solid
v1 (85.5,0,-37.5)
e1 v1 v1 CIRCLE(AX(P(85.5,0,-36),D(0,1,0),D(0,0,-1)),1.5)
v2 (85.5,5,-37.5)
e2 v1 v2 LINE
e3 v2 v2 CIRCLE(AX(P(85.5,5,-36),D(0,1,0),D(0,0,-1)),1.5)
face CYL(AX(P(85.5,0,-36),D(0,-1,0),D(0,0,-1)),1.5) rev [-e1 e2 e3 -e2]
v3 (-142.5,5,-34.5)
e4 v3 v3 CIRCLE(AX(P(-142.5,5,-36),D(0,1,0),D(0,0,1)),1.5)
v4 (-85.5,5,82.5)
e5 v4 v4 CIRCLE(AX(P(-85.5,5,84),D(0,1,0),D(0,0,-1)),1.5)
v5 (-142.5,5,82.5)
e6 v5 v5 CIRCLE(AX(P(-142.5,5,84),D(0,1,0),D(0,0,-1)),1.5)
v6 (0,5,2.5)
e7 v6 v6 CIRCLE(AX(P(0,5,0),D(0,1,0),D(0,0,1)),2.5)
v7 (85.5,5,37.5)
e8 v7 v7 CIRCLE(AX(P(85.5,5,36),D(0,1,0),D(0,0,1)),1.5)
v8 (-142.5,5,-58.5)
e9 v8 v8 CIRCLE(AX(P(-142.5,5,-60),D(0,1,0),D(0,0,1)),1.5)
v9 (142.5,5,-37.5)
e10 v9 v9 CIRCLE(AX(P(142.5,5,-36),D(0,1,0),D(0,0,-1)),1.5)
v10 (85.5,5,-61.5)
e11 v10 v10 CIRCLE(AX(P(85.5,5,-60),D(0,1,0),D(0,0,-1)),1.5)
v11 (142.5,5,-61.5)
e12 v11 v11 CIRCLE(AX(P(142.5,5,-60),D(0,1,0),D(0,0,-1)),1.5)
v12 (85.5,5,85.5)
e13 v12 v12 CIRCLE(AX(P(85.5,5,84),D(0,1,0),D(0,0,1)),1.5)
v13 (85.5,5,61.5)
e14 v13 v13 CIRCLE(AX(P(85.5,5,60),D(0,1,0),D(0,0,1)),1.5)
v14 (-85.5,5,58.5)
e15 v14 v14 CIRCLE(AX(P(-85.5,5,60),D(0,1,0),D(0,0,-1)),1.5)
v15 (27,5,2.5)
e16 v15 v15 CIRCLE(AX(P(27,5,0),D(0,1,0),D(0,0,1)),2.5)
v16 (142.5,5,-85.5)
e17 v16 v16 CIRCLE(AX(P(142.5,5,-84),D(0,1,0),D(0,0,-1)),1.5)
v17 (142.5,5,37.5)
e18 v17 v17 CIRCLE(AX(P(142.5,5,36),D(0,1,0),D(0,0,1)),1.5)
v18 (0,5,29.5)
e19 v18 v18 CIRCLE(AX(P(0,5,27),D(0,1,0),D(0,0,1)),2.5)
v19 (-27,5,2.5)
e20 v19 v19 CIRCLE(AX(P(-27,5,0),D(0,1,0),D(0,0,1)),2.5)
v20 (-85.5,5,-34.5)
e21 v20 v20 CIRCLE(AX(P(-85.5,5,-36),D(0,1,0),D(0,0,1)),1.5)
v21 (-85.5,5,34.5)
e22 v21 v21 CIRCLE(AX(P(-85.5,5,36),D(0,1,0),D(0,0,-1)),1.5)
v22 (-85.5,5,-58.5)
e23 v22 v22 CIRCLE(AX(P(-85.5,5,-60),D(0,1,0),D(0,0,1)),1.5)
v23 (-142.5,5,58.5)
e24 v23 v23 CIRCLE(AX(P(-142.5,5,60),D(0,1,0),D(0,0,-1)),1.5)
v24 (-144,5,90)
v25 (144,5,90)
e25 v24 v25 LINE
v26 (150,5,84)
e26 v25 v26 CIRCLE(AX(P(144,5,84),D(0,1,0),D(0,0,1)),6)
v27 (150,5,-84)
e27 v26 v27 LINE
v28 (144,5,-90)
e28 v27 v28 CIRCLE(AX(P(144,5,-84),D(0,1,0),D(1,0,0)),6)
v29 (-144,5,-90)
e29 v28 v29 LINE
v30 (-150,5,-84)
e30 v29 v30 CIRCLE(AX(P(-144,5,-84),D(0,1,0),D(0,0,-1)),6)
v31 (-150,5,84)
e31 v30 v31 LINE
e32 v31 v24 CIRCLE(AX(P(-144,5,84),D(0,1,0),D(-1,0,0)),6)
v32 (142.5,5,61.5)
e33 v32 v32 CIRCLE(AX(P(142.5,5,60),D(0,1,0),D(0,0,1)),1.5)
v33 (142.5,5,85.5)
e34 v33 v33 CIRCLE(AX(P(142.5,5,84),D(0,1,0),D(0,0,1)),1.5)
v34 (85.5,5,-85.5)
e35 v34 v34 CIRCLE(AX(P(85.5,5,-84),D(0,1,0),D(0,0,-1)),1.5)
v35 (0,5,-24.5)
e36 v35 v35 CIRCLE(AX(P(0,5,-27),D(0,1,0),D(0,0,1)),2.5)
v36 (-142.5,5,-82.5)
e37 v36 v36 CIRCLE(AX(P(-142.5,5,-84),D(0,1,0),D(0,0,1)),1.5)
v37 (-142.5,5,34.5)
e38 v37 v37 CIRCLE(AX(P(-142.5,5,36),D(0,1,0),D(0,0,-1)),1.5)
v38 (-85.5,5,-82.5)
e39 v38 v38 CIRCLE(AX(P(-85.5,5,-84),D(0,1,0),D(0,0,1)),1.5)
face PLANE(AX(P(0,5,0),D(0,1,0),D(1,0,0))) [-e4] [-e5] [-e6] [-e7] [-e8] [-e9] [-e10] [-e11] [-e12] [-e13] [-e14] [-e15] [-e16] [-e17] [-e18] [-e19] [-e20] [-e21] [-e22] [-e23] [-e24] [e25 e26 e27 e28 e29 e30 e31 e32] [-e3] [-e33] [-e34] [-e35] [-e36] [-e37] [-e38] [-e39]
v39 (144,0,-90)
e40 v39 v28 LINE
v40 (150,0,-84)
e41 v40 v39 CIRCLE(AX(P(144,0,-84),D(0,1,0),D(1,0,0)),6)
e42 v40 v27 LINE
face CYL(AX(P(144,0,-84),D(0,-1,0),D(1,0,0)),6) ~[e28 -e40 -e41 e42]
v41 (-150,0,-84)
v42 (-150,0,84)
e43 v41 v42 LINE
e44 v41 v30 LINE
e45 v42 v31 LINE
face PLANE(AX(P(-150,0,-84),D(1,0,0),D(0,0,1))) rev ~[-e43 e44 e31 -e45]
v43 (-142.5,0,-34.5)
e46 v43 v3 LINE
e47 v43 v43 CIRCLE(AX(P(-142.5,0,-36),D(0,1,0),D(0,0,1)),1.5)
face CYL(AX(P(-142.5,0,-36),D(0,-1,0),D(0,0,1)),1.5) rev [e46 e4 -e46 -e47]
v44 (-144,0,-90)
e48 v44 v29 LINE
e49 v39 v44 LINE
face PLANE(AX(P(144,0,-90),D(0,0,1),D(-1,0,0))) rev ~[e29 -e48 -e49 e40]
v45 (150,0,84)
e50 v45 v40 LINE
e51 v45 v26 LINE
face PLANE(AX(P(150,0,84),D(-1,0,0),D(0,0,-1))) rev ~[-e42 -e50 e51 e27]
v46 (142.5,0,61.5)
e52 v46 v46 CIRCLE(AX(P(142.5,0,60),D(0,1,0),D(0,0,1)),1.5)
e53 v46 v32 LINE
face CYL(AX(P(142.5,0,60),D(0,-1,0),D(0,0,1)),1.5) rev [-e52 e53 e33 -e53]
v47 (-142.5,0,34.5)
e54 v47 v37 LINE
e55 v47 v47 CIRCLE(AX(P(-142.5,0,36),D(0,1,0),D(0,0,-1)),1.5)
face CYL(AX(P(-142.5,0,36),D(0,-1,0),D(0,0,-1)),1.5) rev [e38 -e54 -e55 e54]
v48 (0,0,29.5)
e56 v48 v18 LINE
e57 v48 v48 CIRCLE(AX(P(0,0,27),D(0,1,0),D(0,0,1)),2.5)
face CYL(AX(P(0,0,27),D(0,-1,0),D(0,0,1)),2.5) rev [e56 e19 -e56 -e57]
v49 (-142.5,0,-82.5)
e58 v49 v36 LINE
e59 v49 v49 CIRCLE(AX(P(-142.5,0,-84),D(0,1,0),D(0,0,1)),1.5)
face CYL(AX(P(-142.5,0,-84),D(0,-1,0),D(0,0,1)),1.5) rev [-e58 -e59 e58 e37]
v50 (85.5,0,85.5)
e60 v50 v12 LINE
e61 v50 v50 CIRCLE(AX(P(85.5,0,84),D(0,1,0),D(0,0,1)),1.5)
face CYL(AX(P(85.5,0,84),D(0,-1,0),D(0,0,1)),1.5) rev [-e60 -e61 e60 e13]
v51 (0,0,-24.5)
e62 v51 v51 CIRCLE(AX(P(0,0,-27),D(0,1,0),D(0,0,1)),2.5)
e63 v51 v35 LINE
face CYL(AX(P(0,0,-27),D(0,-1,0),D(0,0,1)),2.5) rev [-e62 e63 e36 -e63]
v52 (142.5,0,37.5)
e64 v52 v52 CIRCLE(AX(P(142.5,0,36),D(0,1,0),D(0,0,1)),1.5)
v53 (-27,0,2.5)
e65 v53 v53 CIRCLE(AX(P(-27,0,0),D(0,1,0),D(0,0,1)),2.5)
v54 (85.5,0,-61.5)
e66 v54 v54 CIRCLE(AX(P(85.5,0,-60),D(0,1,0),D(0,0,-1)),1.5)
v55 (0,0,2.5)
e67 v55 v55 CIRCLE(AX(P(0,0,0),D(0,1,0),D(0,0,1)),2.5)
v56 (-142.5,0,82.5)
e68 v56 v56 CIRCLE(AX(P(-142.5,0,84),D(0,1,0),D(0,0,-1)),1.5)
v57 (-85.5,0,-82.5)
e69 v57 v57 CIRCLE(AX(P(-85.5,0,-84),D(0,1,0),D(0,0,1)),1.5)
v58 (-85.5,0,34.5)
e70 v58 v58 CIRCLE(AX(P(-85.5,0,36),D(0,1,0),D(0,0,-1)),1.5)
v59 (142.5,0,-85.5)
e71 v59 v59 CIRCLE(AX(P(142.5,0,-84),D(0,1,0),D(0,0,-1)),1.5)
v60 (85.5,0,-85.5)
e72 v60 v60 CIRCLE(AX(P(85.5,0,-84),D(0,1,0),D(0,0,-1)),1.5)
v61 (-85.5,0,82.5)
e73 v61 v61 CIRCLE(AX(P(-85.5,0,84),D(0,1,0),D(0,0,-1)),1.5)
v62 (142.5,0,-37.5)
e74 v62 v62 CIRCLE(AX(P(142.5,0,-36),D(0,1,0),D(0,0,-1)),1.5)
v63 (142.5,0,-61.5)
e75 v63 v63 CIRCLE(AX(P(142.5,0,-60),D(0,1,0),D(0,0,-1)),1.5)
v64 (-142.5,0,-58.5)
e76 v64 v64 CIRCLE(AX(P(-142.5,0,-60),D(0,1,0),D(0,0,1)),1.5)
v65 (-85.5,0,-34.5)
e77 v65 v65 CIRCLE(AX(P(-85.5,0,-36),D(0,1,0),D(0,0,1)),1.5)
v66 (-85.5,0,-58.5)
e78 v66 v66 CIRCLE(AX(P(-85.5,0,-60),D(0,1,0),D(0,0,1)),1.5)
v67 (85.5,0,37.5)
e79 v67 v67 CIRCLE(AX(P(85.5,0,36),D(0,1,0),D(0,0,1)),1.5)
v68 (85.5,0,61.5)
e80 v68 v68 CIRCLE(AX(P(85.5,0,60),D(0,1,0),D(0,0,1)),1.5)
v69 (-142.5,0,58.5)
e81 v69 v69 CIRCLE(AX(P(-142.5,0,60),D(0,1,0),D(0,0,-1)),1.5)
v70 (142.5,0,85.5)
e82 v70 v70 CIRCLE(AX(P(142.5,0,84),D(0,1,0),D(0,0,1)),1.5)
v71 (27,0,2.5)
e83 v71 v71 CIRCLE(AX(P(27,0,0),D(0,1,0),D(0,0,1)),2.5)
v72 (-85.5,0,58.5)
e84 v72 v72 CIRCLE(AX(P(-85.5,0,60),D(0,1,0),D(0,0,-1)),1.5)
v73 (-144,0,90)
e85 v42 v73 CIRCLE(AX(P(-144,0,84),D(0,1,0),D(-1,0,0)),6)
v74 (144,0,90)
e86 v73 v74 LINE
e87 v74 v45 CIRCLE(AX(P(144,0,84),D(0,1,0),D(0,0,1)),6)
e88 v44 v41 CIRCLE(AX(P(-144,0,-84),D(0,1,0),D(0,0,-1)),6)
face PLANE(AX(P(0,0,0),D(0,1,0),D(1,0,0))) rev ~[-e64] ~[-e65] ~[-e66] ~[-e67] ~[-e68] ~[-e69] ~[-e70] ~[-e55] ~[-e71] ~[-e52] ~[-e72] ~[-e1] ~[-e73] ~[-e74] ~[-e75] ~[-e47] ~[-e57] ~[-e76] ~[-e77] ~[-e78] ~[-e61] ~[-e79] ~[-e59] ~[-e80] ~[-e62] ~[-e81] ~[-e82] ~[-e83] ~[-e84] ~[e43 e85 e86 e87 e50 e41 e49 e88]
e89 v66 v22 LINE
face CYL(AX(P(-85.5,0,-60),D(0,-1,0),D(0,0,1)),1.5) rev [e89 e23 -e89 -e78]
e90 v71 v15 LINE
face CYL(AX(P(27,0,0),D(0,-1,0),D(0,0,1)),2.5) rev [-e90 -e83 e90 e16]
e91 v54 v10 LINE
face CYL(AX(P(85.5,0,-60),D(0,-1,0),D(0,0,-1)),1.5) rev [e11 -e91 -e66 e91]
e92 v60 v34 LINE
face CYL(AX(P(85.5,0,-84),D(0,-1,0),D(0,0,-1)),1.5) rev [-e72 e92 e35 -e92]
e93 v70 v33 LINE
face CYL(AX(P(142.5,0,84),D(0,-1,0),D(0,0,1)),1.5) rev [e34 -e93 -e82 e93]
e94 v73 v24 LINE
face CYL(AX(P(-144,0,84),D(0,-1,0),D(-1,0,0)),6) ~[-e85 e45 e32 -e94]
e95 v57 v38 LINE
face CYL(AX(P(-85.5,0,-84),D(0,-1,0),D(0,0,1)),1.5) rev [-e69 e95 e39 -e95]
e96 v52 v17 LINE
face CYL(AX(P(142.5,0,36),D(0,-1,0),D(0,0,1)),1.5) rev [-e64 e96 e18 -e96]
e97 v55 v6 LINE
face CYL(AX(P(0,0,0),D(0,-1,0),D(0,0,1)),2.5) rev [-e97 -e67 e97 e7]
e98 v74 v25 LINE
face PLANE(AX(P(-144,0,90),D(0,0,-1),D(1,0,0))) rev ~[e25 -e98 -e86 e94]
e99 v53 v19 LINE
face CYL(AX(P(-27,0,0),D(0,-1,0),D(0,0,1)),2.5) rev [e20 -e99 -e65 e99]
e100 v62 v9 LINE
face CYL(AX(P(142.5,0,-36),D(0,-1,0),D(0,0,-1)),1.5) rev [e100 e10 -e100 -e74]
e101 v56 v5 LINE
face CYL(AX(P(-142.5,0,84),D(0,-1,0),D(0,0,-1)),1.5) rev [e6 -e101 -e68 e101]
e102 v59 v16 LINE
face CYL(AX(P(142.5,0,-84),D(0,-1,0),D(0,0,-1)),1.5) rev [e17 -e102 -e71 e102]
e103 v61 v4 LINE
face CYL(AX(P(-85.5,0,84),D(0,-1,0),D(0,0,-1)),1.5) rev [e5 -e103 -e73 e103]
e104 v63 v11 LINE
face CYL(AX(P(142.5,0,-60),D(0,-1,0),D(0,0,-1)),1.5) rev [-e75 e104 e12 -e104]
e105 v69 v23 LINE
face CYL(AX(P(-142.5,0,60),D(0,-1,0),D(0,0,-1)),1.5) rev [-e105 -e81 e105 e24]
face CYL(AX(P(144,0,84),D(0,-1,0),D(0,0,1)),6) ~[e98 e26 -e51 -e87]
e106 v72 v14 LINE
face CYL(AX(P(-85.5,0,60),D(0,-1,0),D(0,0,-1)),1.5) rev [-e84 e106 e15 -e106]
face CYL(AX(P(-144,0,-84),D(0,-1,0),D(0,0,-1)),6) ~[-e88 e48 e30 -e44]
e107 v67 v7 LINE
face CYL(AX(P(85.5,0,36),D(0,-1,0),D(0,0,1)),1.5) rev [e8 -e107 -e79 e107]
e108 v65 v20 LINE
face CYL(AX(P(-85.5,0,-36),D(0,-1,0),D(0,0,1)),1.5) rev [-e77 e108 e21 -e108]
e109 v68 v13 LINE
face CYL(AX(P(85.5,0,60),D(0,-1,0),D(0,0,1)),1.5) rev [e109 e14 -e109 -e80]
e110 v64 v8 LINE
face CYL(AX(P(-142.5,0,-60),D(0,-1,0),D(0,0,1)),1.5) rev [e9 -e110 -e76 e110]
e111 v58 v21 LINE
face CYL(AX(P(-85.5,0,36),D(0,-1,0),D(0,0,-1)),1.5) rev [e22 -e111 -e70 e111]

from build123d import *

# Parameters (mm, degrees)
SKETCH1_R           = 1.5
SKETCH1_R_2         = 2.5
BOSS_EXTRUDE1_DEPTH = 5


with BuildPart() as part:
    # Sketch1 → Boss-Extrude1 (new body)
    with BuildSketch(Plane(origin=(0, 0, 0), x_dir=(1, 0, 0), z_dir=(0, 1, 0))):
        with BuildLine():
            Line((-144, -90), (144, -90))
            ThreePointArc((144, -90), (148.242640687, -88.242640687), (150, -84))
            Line((150, -84), (150, 84))
            ThreePointArc((150, 84), (148.242640687, 88.242640687), (144, 90))
            Line((144, 90), (-144, 90))
            ThreePointArc((-144, 90), (-148.242640687, 88.242640687), (-150, 84))
            Line((-150, 84), (-150, -84))
            ThreePointArc((-150, -84), (-148.242640687, -88.242640687), (-144, -90))
        make_face()
        with Locations(Location((-142.5, 84, 0), (0, 0, 270))):
            Circle(SKETCH1_R, mode=Mode.SUBTRACT)
        with Locations(Location((-142.5, 60, 0), (0, 0, 270))):
            Circle(SKETCH1_R, mode=Mode.SUBTRACT)
        with Locations(Location((-142.5, 36, 0), (0, 0, 270))):
            Circle(SKETCH1_R, mode=Mode.SUBTRACT)
        with Locations(Location((-85.5, 84, 0), (0, 0, 270))):
            Circle(SKETCH1_R, mode=Mode.SUBTRACT)
        with Locations(Location((-85.5, 60, 0), (0, 0, 270))):
            Circle(SKETCH1_R, mode=Mode.SUBTRACT)
        with Locations(Location((-85.5, 36, 0), (0, 0, 270))):
            Circle(SKETCH1_R, mode=Mode.SUBTRACT)
        with Locations(Location((85.5, 36, 0), (0, 0, 90))):
            Circle(SKETCH1_R, mode=Mode.SUBTRACT)
        with Locations(Location((85.5, 60, 0), (0, 0, 90))):
            Circle(SKETCH1_R, mode=Mode.SUBTRACT)
        with Locations(Location((85.5, 84, 0), (0, 0, 90))):
            Circle(SKETCH1_R, mode=Mode.SUBTRACT)
        with Locations(Location((142.5, 36, 0), (0, 0, 90))):
            Circle(SKETCH1_R, mode=Mode.SUBTRACT)
        with Locations(Location((142.5, 60, 0), (0, 0, 90))):
            Circle(SKETCH1_R, mode=Mode.SUBTRACT)
        with Locations(Location((142.5, 84, 0), (0, 0, 90))):
            Circle(SKETCH1_R, mode=Mode.SUBTRACT)
        with Locations(Location((142.5, -84, 0), (0, 0, 270))):
            Circle(SKETCH1_R, mode=Mode.SUBTRACT)
        with Locations(Location((142.5, -60, 0), (0, 0, 270))):
            Circle(SKETCH1_R, mode=Mode.SUBTRACT)
        with Locations(Location((142.5, -36, 0), (0, 0, 270))):
            Circle(SKETCH1_R, mode=Mode.SUBTRACT)
        with Locations(Location((85.5, -84, 0), (0, 0, 270))):
            Circle(SKETCH1_R, mode=Mode.SUBTRACT)
        with Locations(Location((85.5, -60, 0), (0, 0, 270))):
            Circle(SKETCH1_R, mode=Mode.SUBTRACT)
        with Locations(Location((85.5, -36, 0), (0, 0, 270))):
            Circle(SKETCH1_R, mode=Mode.SUBTRACT)
        with Locations(Location((-85.5, -36, 0), (0, 0, 90))):
            Circle(SKETCH1_R, mode=Mode.SUBTRACT)
        with Locations(Location((-85.5, -60, 0), (0, 0, 90))):
            Circle(SKETCH1_R, mode=Mode.SUBTRACT)
        with Locations(Location((-85.5, -84, 0), (0, 0, 90))):
            Circle(SKETCH1_R, mode=Mode.SUBTRACT)
        with Locations(Location((-142.5, -36, 0), (0, 0, 90))):
            Circle(SKETCH1_R, mode=Mode.SUBTRACT)
        with Locations(Location((-142.5, -60, 0), (0, 0, 90))):
            Circle(SKETCH1_R, mode=Mode.SUBTRACT)
        with Locations(Location((-142.5, -84, 0), (0, 0, 90))):
            Circle(SKETCH1_R, mode=Mode.SUBTRACT)
        with Locations(Location((0, 27, 0), (0, 0, 270))):
            Circle(SKETCH1_R_2, mode=Mode.SUBTRACT)
        with Locations(Location((27, 0, 0), (0, 0, 270))):
            Circle(SKETCH1_R_2, mode=Mode.SUBTRACT)
        with Locations(Location((0, -27, 0), (0, 0, 270))):
            Circle(SKETCH1_R_2, mode=Mode.SUBTRACT)
        with Locations(Location((-27, 0, 0), (0, 0, 270))):
            Circle(SKETCH1_R_2, mode=Mode.SUBTRACT)
        with Locations(Location((0, 0, 0), (0, 0, 270))):
            Circle(SKETCH1_R_2, mode=Mode.SUBTRACT)
    extrude(amount=BOSS_EXTRUDE1_DEPTH)


solid = part.part
